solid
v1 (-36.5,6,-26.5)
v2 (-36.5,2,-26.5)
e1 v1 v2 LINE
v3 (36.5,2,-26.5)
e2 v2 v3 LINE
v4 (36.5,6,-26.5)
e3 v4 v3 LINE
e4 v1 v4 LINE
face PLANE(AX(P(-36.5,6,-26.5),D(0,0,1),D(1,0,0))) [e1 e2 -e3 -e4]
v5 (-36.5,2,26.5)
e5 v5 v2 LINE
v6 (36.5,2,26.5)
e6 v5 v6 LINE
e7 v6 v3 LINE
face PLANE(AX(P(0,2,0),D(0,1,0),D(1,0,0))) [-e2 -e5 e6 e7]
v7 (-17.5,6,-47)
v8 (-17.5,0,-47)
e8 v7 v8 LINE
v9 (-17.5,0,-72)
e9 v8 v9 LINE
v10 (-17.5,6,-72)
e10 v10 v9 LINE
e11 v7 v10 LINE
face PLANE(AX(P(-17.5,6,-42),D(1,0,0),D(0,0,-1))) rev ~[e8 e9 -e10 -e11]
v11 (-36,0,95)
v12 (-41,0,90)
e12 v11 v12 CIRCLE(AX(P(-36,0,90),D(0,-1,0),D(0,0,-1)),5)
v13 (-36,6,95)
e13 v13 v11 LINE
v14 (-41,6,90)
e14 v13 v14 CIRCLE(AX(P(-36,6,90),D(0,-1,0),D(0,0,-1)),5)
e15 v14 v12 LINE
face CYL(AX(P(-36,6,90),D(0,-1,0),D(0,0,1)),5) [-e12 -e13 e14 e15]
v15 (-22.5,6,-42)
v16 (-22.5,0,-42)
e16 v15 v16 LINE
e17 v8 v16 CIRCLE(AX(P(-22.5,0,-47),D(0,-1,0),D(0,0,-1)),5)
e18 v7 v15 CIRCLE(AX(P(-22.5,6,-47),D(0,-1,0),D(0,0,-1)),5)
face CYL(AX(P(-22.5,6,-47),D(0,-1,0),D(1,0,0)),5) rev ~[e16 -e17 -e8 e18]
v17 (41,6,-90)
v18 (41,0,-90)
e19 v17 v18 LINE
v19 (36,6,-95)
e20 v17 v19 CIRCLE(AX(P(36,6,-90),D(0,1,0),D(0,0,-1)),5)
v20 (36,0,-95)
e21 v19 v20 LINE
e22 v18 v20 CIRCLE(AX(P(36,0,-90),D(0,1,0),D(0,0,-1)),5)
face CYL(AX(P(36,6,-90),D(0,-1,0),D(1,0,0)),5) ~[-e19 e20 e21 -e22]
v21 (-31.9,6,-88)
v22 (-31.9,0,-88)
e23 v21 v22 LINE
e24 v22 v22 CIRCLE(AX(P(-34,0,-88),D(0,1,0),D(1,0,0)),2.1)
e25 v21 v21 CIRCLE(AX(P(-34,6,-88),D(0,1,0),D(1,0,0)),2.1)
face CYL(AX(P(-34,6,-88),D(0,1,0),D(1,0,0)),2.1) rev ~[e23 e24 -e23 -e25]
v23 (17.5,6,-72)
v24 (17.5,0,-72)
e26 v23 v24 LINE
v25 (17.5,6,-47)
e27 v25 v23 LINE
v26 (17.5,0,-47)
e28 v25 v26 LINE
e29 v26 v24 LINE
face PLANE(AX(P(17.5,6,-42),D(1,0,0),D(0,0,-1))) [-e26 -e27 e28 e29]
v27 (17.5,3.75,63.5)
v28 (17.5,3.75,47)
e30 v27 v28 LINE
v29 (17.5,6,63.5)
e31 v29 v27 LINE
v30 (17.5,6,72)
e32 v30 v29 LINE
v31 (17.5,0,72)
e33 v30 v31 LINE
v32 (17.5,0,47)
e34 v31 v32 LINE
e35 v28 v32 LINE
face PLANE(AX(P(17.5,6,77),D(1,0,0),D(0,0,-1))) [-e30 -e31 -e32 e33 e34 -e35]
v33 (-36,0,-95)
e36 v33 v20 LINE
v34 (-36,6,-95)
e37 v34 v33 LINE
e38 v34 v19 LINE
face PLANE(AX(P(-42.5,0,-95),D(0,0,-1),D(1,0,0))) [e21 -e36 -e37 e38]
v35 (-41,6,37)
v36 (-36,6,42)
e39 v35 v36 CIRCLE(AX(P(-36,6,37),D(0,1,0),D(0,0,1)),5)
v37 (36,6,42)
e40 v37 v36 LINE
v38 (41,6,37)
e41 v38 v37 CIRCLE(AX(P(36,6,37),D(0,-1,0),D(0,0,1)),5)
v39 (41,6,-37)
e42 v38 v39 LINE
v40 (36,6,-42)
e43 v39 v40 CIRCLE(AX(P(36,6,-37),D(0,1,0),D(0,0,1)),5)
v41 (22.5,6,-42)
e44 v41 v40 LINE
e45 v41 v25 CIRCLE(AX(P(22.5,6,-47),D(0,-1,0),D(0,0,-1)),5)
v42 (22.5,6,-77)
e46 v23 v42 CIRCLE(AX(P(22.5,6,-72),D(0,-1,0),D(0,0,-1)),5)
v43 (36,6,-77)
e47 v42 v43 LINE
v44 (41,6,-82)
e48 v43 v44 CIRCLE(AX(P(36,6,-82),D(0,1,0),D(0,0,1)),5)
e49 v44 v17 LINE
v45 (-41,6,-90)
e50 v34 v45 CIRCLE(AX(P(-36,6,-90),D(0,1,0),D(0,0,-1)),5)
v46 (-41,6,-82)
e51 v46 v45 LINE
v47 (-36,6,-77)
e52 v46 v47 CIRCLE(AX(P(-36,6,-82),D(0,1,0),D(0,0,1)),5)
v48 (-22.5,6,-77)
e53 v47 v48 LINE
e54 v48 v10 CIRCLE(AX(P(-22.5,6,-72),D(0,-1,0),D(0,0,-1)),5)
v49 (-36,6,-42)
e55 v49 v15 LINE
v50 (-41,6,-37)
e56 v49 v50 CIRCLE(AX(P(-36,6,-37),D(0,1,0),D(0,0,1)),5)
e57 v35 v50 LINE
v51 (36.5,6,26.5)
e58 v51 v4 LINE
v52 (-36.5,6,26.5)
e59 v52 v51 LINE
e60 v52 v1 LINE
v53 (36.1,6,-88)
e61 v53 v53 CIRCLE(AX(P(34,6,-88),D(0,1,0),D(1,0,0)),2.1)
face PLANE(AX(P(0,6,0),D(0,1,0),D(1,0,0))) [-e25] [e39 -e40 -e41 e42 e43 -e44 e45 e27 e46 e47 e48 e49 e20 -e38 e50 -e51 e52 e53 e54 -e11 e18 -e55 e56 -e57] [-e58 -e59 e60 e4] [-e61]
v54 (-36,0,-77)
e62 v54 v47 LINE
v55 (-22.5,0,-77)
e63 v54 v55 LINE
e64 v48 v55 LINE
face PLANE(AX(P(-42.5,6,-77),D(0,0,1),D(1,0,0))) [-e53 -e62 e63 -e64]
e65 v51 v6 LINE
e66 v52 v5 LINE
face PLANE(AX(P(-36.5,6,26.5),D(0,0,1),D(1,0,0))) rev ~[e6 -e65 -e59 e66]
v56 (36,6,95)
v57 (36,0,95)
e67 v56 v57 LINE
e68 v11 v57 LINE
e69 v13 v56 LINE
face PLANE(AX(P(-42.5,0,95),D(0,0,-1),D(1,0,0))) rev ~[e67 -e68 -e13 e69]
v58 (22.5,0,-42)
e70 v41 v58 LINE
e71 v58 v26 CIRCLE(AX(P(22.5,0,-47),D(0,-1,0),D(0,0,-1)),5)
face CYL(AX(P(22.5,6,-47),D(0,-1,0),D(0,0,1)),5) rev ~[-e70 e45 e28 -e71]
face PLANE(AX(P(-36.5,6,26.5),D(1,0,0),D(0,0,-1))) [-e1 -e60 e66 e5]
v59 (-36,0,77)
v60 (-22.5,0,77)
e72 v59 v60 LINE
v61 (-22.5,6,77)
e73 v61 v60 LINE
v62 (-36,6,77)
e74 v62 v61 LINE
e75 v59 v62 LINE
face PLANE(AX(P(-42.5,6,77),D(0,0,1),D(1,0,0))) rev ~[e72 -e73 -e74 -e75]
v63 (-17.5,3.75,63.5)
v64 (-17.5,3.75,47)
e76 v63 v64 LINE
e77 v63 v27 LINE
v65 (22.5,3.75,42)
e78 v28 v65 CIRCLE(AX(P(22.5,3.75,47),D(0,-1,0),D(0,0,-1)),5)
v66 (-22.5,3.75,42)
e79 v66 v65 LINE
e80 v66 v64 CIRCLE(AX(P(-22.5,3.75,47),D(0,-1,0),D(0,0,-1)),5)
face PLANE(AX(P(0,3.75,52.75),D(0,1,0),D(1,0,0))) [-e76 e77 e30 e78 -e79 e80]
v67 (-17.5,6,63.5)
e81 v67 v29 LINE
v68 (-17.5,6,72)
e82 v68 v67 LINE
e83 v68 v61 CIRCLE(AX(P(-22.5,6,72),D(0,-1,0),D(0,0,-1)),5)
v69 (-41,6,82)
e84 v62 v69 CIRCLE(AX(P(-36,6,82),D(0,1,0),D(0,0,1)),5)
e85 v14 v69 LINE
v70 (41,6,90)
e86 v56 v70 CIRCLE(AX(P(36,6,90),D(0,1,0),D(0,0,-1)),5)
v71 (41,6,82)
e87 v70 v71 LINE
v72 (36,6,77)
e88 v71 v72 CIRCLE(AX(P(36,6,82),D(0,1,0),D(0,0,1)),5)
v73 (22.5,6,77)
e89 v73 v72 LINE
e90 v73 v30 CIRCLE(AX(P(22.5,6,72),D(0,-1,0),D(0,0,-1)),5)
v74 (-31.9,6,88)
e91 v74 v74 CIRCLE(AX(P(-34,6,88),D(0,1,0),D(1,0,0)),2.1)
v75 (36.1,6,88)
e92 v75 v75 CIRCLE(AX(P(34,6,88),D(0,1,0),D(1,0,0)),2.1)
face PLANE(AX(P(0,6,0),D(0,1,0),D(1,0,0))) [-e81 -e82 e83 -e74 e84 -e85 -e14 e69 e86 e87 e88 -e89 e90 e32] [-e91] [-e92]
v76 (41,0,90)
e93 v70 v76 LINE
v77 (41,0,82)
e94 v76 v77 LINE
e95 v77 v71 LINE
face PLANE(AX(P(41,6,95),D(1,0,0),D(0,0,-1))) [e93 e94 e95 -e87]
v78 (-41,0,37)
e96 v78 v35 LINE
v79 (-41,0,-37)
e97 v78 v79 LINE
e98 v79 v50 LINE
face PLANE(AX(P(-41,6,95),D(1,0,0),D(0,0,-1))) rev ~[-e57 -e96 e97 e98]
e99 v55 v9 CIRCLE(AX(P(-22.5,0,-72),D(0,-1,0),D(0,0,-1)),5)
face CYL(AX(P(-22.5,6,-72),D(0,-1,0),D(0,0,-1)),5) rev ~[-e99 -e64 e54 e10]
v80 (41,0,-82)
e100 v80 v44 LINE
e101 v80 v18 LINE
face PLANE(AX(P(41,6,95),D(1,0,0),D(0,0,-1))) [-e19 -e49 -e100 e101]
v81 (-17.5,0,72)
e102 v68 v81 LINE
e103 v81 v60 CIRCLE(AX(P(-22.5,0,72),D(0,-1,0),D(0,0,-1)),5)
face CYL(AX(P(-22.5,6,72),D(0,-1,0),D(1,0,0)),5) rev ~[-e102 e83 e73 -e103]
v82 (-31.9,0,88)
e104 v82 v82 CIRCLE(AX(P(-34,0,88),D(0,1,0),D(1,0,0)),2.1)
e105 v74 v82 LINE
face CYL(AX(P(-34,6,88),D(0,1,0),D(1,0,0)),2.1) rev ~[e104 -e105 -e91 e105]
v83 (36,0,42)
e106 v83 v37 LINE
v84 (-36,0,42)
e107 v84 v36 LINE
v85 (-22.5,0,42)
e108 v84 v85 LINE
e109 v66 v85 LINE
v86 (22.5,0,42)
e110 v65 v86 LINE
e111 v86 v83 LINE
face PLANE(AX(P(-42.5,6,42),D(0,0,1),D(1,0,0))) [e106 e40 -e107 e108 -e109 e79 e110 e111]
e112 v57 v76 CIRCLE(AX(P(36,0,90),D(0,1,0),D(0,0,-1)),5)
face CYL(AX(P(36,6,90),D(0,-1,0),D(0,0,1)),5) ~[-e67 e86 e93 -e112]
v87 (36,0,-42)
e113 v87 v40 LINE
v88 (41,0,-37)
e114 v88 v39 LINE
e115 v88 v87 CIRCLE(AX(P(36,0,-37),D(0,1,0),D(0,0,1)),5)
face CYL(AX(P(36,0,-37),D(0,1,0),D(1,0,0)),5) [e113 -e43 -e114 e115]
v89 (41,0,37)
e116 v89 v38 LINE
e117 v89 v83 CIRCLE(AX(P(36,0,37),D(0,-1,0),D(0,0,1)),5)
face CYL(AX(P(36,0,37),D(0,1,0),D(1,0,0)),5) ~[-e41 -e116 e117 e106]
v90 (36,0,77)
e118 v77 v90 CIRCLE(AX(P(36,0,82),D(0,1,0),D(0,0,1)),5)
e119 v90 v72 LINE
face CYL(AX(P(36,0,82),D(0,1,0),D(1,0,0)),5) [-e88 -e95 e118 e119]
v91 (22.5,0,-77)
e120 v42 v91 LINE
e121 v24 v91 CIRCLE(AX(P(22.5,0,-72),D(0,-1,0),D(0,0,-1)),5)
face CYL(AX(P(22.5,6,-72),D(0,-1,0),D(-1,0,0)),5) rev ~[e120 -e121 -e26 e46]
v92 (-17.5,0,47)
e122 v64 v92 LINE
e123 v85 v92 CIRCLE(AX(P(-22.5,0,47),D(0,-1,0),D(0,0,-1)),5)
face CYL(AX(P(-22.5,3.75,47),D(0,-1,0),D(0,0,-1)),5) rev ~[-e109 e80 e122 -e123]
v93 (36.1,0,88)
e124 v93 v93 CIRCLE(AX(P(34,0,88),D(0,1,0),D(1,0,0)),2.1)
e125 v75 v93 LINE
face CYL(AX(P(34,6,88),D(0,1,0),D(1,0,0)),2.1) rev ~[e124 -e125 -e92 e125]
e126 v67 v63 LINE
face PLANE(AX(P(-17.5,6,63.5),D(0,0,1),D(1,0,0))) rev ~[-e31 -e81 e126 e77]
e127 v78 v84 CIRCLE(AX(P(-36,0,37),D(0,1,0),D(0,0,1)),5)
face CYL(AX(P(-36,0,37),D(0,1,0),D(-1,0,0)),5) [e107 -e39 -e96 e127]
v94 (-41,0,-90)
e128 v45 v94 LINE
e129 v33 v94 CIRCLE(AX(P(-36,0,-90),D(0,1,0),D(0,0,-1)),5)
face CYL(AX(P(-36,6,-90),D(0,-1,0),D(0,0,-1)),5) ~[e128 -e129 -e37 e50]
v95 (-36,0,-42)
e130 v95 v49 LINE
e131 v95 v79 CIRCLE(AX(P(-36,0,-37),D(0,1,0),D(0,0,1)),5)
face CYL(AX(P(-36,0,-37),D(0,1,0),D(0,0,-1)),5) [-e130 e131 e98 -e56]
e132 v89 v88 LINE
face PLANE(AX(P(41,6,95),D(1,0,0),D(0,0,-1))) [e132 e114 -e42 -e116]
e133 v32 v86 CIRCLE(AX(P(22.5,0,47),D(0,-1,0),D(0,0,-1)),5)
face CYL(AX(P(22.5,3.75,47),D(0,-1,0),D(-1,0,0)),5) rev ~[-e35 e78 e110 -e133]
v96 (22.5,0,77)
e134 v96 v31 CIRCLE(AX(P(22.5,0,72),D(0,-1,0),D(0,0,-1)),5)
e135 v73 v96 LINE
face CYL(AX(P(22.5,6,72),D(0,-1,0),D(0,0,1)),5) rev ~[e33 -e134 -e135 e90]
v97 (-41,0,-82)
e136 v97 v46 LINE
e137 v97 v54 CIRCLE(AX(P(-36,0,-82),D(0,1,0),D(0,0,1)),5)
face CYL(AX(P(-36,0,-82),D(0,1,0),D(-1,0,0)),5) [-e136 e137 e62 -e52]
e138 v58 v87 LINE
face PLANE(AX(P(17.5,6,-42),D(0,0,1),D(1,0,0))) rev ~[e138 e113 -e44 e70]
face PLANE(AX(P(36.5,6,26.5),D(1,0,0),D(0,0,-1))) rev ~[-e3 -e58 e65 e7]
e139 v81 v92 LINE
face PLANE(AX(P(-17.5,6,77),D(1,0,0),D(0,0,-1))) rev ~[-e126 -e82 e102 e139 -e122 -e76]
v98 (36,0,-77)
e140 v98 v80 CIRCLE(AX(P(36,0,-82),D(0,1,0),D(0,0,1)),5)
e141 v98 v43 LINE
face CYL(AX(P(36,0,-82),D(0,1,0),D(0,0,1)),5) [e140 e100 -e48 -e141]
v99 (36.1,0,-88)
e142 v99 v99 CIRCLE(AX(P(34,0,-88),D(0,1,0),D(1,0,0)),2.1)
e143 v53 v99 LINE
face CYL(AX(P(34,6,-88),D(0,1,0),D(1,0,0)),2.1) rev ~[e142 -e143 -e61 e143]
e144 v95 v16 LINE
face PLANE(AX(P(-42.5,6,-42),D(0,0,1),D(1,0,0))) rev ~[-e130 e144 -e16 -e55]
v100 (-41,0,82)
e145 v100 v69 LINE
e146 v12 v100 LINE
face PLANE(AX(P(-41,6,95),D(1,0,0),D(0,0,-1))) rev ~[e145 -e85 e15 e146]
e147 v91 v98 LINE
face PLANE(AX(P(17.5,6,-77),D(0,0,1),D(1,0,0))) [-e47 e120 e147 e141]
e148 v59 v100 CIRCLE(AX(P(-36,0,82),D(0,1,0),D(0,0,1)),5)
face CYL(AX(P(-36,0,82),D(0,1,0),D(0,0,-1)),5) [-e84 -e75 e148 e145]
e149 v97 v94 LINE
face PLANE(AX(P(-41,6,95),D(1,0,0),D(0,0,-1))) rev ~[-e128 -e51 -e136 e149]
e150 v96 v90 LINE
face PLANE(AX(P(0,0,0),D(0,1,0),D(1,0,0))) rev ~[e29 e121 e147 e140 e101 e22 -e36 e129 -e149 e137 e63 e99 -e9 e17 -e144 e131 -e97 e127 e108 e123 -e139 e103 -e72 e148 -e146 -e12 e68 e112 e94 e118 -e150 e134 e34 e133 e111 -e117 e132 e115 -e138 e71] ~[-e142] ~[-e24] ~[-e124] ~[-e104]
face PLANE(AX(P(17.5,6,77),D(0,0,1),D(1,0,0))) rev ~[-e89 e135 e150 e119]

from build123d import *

# Parameters (mm, degrees)
SKETCH1_W           = 85
SKETCH1_H           = 190
BOSS_EXTRUDE1_DEPTH = 6
SKETCH2_W           = 73
SKETCH2_H           = 53
CUT_EXTRUDE1_DEPTH  = 4
SKETCH3_R           = 2.1
CUT_EXTRUDE2_DEPTH  = 9
SKETCH4_W           = 25
SKETCH4_H           = 35
CUT_EXTRUDE3_DEPTH  = 10
SKETCH5_W           = 1.5
SKETCH5_H           = 190
CUT_EXTRUDE4_DEPTH  = 10
SKETCH6_W           = 35
SKETCH6_H           = 21.5
CUT_EXTRUDE5_DEPTH  = 2.25
FILLET1_R           = 5


with BuildPart() as part:
    # Sketch1 → Boss-Extrude1 (new body)
    with BuildSketch(Plane(origin=(0, 0, 0), x_dir=(1, 0, 0), z_dir=(0, 1, 0))):
        Rectangle(SKETCH1_W, SKETCH1_H)
    extrude(amount=BOSS_EXTRUDE1_DEPTH)

    # Sketch2 → Cut-Extrude1 (cut)
    with BuildSketch(Plane(origin=(0, 6, 0), x_dir=(1, 0, 0), z_dir=(0, 1, 0))):
        Rectangle(SKETCH2_W, SKETCH2_H)
    extrude(amount=-CUT_EXTRUDE1_DEPTH, mode=Mode.SUBTRACT)

    # Sketch3 → Cut-Extrude2 (cut)
    with BuildSketch(Plane(origin=(0, 6, 0), x_dir=(1, 0, 0), z_dir=(0, 1, 0))):
        with Locations((34, -88)):
            Circle(SKETCH3_R)
        with Locations((-34, -88)):
            Circle(SKETCH3_R)
        with Locations((-34, 88)):
            Circle(SKETCH3_R)
        with Locations((34, 88)):
            Circle(SKETCH3_R)
    extrude(amount=-CUT_EXTRUDE2_DEPTH, mode=Mode.SUBTRACT)

    # Sketch4 → Cut-Extrude3 (cut)
    with BuildSketch(Plane(origin=(0, 6, 0), x_dir=(1, 0, 0), z_dir=(0, 1, 0))):
        with Locations((-30, 59.5)):
            Rectangle(SKETCH4_W, SKETCH4_H)
        with Locations((-30, -59.5)):
            Rectangle(SKETCH4_W, SKETCH4_H)
        with Locations((30, -59.5)):
            Rectangle(SKETCH4_W, SKETCH4_H)
        with Locations((30, 59.5)):
            Rectangle(SKETCH4_W, SKETCH4_H)
    extrude(amount=-CUT_EXTRUDE3_DEPTH, mode=Mode.SUBTRACT)

    # Sketch5 → Cut-Extrude4 (cut)
    with BuildSketch(Plane(origin=(0, 6, 0), x_dir=(1, 0, 0), z_dir=(0, 1, 0))):
        with Locations((-41.75, 0)):
            Rectangle(SKETCH5_W, SKETCH5_H)
        with Locations((41.75, 0)):
            Rectangle(SKETCH5_W, SKETCH5_H)
    extrude(amount=-CUT_EXTRUDE4_DEPTH, mode=Mode.SUBTRACT)

    # Sketch6 → Cut-Extrude5 (cut)
    with BuildSketch(Plane(origin=(0, 6, 0), x_dir=(1, 0, 0), z_dir=(0, 1, 0))):
        with Locations((0, -52.75)):
            Rectangle(SKETCH6_W, SKETCH6_H)
    extrude(amount=-CUT_EXTRUDE5_DEPTH, mode=Mode.SUBTRACT)

    # Fillet1
    fillet1_edges = [part.edges().sort_by_distance(p)[0] for p in [
        (41, 3, -77),
        (-41, 3, 77),
        (-41, 3, -42),
        (-41, 3, 42),
        (-41, 3, -95),
        (-41, 3, -77),
        (-41, 3, 95),
        (41, 3, 42),
        (41, 3, -42),
        (41, 3, 95),
        (41, 3, 77),
        (41, 3, -95),
        (17.5, 3, -42),
        (17.5, 3, -77),
        (-17.5, 1.875, 42),
        (-17.5, 3, 77),
        (17.5, 3, 77),
        (17.5, 1.875, 42),
        (-17.5, 3, -77),
        (-17.5, 3, -42),
    ]]
    fillet(fillet1_edges, radius=FILLET1_R)


solid = part.part
